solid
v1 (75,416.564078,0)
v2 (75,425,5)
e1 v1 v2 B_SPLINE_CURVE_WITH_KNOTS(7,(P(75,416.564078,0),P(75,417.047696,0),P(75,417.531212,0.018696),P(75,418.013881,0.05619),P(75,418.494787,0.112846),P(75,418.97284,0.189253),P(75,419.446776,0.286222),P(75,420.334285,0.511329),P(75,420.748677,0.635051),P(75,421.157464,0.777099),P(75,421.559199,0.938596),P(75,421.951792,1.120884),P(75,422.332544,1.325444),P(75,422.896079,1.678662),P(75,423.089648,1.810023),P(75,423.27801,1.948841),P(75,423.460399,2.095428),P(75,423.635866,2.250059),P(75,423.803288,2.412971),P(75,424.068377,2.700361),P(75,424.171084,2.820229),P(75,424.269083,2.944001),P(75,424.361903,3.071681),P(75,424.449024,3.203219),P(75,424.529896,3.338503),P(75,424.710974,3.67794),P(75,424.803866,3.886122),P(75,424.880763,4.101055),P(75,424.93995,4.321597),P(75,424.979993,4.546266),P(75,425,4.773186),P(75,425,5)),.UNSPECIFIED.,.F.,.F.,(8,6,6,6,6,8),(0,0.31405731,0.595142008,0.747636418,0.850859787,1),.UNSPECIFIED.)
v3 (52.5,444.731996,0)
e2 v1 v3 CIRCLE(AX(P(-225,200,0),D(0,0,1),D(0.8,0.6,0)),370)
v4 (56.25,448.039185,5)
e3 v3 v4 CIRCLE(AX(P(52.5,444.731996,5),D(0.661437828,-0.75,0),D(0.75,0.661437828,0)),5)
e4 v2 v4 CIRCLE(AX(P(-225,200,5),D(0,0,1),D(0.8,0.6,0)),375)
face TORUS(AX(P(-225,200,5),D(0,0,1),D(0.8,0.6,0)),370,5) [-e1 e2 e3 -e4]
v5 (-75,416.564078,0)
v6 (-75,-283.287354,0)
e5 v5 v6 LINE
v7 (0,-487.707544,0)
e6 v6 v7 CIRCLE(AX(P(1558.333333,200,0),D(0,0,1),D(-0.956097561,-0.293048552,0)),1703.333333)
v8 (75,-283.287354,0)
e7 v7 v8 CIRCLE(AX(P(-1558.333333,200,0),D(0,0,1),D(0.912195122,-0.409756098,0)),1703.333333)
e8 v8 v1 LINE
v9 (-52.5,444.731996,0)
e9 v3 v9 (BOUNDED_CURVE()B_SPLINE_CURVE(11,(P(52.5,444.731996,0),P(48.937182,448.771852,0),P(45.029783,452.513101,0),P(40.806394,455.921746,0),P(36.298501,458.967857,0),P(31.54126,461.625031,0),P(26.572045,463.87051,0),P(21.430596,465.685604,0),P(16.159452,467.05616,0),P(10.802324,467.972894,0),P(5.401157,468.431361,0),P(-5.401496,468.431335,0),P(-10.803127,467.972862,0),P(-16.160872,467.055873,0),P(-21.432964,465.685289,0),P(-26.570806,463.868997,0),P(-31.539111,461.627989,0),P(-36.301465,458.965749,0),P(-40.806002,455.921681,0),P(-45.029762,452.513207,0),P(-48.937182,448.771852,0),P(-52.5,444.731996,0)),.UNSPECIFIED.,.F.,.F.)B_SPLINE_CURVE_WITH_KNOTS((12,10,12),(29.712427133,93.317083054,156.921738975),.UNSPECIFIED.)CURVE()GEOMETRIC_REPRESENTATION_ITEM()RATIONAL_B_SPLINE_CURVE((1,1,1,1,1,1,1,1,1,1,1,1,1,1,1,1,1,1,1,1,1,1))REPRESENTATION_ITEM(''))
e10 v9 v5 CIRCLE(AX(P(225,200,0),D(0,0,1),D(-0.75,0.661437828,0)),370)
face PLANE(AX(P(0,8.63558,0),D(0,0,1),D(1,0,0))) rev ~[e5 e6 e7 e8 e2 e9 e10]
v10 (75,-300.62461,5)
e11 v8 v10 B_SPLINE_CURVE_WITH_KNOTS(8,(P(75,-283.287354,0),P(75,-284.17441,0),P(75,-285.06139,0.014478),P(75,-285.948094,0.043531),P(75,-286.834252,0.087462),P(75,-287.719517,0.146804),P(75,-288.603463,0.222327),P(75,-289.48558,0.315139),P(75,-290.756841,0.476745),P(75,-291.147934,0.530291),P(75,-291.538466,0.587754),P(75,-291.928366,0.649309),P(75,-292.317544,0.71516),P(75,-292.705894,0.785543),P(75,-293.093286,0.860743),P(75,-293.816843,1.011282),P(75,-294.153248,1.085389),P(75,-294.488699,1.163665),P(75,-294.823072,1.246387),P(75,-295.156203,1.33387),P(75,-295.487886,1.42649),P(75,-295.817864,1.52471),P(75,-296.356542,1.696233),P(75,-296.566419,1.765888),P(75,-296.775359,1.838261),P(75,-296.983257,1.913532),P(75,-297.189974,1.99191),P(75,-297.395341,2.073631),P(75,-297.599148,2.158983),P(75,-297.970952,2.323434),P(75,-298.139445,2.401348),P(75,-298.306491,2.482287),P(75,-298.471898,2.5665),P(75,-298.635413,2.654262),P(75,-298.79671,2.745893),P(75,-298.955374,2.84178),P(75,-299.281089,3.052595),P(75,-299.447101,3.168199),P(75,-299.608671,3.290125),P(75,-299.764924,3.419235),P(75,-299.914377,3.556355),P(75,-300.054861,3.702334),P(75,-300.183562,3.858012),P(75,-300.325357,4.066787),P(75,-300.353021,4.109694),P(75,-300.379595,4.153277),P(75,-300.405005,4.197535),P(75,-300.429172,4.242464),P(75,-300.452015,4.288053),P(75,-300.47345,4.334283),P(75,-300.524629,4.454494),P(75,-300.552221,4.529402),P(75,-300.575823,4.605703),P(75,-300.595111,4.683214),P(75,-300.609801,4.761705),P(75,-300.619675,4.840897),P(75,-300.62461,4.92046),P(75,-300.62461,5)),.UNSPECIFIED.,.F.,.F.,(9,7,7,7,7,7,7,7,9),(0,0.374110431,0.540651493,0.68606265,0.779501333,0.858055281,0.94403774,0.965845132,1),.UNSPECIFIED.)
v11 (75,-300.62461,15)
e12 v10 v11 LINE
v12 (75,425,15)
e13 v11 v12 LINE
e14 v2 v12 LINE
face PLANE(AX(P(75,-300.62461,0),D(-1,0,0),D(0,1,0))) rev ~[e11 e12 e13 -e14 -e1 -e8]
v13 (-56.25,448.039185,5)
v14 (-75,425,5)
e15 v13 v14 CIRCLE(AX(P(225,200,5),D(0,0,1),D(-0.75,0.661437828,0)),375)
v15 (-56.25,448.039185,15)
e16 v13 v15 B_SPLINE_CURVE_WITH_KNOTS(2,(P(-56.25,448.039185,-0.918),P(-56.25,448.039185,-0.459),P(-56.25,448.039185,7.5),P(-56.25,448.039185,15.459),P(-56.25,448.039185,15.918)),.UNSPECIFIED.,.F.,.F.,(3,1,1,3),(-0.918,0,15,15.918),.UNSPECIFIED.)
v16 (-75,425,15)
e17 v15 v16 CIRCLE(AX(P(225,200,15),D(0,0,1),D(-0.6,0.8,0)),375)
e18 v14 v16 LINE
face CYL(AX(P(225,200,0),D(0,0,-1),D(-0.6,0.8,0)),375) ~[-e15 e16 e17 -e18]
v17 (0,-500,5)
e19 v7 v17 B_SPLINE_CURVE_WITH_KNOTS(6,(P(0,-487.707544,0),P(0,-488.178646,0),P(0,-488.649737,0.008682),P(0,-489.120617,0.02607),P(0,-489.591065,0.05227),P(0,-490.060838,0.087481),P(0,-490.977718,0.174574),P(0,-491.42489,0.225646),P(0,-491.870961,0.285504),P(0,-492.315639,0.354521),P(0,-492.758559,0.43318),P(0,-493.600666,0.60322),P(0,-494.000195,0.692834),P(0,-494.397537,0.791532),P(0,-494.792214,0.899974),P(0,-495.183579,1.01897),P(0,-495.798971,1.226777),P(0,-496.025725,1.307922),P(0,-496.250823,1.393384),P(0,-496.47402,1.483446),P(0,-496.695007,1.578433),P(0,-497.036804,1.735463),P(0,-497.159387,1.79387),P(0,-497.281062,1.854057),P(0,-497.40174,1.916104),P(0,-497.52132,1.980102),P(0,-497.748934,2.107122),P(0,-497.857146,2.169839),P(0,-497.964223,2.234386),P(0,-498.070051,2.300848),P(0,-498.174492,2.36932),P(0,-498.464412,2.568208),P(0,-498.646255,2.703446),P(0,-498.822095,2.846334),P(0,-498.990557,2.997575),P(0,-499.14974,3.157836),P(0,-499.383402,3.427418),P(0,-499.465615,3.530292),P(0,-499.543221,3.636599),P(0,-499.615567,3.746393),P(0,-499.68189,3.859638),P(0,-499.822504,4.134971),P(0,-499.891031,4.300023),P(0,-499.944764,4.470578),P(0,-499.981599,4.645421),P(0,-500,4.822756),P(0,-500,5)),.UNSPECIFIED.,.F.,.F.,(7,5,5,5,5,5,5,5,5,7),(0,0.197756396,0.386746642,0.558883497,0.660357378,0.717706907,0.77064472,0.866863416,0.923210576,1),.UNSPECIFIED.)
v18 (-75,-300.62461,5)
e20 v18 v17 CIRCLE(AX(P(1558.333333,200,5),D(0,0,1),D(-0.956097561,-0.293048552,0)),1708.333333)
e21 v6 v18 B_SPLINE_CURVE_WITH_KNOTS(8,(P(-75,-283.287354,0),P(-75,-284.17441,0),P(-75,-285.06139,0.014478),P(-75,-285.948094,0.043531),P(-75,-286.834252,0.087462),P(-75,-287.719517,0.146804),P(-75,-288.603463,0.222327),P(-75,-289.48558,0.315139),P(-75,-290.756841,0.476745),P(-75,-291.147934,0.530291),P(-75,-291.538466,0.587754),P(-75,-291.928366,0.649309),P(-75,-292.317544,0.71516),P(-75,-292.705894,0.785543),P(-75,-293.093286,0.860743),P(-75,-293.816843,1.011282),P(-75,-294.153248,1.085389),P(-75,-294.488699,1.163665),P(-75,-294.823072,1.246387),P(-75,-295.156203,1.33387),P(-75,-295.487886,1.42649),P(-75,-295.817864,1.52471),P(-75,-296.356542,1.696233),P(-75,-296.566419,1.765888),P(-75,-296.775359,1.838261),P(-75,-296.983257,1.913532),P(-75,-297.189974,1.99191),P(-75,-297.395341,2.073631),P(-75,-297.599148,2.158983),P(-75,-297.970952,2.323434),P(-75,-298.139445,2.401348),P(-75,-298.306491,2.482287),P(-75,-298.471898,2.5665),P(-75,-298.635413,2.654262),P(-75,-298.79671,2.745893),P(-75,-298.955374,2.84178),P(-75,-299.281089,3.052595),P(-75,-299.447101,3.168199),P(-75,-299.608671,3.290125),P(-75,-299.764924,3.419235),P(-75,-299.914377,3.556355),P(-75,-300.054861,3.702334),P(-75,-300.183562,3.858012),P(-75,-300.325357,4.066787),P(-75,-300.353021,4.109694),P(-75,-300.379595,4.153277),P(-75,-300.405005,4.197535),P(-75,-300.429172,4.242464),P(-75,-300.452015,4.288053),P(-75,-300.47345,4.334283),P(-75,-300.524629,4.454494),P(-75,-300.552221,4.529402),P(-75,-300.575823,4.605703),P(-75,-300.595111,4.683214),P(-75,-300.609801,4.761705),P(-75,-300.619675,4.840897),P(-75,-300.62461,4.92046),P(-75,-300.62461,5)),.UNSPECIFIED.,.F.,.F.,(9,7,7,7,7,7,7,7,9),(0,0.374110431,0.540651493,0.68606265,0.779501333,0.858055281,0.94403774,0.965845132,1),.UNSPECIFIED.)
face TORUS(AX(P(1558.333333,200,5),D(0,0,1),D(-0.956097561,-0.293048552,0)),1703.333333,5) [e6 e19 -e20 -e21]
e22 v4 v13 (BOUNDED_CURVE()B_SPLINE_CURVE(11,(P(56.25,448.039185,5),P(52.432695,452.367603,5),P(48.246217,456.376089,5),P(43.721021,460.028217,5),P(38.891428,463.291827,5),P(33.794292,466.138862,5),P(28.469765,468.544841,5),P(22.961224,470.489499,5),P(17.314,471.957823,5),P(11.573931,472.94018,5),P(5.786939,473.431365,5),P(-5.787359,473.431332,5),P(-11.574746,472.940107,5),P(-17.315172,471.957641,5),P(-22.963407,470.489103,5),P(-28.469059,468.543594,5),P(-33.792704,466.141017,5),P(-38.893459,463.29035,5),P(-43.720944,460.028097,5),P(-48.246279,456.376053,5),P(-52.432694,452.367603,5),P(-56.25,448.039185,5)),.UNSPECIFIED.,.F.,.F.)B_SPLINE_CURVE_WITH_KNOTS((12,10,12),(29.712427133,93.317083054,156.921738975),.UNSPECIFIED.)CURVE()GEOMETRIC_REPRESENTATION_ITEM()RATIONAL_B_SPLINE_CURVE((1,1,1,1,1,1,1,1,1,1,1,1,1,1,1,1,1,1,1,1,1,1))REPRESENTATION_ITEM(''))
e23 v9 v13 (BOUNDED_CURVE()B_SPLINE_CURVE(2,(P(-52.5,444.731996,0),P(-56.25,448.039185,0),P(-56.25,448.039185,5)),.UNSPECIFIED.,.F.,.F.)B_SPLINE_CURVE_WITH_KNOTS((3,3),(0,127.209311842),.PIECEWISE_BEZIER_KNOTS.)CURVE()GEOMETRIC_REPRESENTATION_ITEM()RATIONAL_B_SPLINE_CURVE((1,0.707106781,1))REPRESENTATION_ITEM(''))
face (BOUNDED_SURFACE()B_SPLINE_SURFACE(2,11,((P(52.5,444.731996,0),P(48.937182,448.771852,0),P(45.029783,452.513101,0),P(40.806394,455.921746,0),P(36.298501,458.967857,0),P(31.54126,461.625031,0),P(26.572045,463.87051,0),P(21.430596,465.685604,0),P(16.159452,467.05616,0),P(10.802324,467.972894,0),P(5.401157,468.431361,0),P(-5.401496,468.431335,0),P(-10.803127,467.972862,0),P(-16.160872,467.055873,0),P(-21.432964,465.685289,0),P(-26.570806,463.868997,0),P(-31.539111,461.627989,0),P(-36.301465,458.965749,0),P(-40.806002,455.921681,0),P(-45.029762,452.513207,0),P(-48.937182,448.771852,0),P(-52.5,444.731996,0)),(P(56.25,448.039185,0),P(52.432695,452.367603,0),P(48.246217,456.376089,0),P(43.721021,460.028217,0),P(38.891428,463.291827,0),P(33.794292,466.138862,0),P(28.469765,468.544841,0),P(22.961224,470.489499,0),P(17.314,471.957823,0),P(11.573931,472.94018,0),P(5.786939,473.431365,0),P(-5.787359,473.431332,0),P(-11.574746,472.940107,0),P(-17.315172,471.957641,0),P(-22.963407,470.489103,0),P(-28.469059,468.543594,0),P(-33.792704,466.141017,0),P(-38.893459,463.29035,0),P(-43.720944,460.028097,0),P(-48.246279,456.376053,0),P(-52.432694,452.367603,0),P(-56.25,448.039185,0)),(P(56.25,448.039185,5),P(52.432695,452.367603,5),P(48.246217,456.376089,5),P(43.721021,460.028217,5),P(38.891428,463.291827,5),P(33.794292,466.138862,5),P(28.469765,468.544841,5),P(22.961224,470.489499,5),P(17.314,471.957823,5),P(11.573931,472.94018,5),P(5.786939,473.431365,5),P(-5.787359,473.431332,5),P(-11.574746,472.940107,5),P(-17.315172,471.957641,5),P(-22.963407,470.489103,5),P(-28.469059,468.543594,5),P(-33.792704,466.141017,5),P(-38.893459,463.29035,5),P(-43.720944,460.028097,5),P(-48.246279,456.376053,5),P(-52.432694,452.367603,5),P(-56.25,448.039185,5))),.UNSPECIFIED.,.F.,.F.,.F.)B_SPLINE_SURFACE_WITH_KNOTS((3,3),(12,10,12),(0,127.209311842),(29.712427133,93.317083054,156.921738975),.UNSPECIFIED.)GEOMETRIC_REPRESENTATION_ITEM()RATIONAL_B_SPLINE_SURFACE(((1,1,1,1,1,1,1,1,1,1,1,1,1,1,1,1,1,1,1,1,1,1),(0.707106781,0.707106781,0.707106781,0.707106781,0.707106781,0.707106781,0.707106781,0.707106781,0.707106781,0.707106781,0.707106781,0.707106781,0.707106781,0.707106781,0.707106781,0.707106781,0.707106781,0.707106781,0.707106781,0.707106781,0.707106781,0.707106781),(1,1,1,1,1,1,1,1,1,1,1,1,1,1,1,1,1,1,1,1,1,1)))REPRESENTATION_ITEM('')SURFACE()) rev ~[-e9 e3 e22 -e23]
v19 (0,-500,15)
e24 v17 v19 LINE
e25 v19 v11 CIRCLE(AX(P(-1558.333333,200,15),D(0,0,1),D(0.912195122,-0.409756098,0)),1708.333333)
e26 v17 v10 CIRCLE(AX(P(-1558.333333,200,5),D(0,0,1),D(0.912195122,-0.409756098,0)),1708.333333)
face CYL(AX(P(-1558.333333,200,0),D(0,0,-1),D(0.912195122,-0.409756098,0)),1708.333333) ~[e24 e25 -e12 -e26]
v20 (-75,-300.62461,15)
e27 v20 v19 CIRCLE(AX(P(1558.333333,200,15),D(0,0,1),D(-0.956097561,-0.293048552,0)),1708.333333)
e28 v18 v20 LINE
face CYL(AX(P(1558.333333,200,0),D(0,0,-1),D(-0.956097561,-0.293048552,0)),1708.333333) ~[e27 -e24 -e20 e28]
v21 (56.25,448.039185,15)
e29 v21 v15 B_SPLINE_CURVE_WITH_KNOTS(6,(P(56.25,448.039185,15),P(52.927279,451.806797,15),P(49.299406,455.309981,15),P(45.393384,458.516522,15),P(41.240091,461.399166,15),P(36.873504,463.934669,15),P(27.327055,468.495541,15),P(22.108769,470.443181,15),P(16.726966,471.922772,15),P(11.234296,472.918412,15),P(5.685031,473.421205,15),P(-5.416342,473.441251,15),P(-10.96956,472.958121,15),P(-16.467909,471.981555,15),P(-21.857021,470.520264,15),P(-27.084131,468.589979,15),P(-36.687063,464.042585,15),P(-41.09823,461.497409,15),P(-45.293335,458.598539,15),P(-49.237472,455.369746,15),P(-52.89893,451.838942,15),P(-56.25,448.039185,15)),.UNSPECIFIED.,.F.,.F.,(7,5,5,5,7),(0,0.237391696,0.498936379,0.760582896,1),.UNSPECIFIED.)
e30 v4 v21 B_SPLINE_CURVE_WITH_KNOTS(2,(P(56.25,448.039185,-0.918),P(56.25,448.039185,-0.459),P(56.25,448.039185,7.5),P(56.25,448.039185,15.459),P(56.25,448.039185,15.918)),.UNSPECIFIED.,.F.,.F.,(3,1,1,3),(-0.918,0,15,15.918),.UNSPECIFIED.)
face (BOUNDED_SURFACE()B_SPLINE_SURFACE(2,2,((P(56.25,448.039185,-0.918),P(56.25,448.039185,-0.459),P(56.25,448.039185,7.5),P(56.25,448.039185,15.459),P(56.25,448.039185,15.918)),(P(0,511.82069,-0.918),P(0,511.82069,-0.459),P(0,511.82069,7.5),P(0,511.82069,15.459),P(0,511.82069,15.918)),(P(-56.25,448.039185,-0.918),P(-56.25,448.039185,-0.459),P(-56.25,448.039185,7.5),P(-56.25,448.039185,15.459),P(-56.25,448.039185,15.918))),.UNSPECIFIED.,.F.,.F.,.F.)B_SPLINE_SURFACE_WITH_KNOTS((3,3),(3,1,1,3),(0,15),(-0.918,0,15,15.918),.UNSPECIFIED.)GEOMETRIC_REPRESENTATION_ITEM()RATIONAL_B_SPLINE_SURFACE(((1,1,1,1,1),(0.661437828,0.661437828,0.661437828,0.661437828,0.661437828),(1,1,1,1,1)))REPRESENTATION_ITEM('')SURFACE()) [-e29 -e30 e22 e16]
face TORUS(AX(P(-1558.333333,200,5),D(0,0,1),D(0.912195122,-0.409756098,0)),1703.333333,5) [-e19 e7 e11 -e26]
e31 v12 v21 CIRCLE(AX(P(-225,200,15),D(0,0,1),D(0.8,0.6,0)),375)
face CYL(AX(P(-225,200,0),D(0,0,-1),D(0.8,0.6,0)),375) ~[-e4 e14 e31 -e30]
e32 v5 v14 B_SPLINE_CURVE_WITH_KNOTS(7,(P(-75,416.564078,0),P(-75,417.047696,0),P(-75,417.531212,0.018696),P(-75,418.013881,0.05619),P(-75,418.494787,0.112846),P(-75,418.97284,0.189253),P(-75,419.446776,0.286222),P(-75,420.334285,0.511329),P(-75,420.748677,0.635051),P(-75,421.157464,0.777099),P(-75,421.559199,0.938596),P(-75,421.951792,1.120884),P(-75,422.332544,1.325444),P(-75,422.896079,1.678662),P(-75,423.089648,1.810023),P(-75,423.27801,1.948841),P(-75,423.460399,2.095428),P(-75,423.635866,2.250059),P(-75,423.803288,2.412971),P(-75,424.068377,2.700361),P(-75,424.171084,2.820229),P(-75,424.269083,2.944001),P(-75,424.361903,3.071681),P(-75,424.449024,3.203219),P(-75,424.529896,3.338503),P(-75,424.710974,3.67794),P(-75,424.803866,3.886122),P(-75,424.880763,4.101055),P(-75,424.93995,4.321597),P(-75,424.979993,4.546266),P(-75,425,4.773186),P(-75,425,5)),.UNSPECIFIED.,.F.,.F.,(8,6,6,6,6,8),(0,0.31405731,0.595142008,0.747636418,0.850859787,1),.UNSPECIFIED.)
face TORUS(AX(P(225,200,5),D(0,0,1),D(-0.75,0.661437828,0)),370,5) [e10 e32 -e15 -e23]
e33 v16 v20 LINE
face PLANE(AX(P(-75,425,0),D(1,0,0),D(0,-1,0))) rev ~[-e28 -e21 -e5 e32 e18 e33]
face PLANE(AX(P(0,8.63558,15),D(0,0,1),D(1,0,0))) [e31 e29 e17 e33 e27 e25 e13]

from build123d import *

# Parameters (mm, degrees)
F1_DEPTH = 15
F2_R     = 75
F3_R     = 5
F4_R     = 5


with BuildPart() as f1:
    # F0 (on Top) → F1 (new body)
    with BuildSketch(Plane.XY):
        with BuildLine():
            ThreePointArc((75, 425), (40.1650429449, 465.165042945), (0, 500))
            ThreePointArc((0, 500), (-40.1650429449, 465.165042945), (-75, 425))
            Line((-75, 425), (-75, -300.6246098625))
            ThreePointArc((-75, -300.6246098625), (-40.6105882367, -401.4824298779), (0, -500))
            ThreePointArc((0, -500), (40.6105882367, -401.4824298779), (75, -300.6246098625))
            Line((75, -300.6246098625), (75, 425))
        make_face()
    extrude(amount=F1_DEPTH)

    # F2
    f2_edges = [f1.edges().sort_by_distance(p)[0] for p in [
        (0, 500, 7.5),
    ]]
    fillet(f2_edges, radius=F2_R)

    # F3
    f3_edges = [f1.edges().sort_by_distance(p)[0] for p in [
        (0, 473.431348, 0),
    ]]
    fillet(f3_edges, radius=F3_R)

    # F4
    f4_edges = [f1.edges().sort_by_distance(p)[0] for p in [
        (-40.610588, -401.48243, 0),
        (40.610588, -401.48243, 0),
    ]]
    fillet(f4_edges, radius=F4_R)


solid = f1.part
